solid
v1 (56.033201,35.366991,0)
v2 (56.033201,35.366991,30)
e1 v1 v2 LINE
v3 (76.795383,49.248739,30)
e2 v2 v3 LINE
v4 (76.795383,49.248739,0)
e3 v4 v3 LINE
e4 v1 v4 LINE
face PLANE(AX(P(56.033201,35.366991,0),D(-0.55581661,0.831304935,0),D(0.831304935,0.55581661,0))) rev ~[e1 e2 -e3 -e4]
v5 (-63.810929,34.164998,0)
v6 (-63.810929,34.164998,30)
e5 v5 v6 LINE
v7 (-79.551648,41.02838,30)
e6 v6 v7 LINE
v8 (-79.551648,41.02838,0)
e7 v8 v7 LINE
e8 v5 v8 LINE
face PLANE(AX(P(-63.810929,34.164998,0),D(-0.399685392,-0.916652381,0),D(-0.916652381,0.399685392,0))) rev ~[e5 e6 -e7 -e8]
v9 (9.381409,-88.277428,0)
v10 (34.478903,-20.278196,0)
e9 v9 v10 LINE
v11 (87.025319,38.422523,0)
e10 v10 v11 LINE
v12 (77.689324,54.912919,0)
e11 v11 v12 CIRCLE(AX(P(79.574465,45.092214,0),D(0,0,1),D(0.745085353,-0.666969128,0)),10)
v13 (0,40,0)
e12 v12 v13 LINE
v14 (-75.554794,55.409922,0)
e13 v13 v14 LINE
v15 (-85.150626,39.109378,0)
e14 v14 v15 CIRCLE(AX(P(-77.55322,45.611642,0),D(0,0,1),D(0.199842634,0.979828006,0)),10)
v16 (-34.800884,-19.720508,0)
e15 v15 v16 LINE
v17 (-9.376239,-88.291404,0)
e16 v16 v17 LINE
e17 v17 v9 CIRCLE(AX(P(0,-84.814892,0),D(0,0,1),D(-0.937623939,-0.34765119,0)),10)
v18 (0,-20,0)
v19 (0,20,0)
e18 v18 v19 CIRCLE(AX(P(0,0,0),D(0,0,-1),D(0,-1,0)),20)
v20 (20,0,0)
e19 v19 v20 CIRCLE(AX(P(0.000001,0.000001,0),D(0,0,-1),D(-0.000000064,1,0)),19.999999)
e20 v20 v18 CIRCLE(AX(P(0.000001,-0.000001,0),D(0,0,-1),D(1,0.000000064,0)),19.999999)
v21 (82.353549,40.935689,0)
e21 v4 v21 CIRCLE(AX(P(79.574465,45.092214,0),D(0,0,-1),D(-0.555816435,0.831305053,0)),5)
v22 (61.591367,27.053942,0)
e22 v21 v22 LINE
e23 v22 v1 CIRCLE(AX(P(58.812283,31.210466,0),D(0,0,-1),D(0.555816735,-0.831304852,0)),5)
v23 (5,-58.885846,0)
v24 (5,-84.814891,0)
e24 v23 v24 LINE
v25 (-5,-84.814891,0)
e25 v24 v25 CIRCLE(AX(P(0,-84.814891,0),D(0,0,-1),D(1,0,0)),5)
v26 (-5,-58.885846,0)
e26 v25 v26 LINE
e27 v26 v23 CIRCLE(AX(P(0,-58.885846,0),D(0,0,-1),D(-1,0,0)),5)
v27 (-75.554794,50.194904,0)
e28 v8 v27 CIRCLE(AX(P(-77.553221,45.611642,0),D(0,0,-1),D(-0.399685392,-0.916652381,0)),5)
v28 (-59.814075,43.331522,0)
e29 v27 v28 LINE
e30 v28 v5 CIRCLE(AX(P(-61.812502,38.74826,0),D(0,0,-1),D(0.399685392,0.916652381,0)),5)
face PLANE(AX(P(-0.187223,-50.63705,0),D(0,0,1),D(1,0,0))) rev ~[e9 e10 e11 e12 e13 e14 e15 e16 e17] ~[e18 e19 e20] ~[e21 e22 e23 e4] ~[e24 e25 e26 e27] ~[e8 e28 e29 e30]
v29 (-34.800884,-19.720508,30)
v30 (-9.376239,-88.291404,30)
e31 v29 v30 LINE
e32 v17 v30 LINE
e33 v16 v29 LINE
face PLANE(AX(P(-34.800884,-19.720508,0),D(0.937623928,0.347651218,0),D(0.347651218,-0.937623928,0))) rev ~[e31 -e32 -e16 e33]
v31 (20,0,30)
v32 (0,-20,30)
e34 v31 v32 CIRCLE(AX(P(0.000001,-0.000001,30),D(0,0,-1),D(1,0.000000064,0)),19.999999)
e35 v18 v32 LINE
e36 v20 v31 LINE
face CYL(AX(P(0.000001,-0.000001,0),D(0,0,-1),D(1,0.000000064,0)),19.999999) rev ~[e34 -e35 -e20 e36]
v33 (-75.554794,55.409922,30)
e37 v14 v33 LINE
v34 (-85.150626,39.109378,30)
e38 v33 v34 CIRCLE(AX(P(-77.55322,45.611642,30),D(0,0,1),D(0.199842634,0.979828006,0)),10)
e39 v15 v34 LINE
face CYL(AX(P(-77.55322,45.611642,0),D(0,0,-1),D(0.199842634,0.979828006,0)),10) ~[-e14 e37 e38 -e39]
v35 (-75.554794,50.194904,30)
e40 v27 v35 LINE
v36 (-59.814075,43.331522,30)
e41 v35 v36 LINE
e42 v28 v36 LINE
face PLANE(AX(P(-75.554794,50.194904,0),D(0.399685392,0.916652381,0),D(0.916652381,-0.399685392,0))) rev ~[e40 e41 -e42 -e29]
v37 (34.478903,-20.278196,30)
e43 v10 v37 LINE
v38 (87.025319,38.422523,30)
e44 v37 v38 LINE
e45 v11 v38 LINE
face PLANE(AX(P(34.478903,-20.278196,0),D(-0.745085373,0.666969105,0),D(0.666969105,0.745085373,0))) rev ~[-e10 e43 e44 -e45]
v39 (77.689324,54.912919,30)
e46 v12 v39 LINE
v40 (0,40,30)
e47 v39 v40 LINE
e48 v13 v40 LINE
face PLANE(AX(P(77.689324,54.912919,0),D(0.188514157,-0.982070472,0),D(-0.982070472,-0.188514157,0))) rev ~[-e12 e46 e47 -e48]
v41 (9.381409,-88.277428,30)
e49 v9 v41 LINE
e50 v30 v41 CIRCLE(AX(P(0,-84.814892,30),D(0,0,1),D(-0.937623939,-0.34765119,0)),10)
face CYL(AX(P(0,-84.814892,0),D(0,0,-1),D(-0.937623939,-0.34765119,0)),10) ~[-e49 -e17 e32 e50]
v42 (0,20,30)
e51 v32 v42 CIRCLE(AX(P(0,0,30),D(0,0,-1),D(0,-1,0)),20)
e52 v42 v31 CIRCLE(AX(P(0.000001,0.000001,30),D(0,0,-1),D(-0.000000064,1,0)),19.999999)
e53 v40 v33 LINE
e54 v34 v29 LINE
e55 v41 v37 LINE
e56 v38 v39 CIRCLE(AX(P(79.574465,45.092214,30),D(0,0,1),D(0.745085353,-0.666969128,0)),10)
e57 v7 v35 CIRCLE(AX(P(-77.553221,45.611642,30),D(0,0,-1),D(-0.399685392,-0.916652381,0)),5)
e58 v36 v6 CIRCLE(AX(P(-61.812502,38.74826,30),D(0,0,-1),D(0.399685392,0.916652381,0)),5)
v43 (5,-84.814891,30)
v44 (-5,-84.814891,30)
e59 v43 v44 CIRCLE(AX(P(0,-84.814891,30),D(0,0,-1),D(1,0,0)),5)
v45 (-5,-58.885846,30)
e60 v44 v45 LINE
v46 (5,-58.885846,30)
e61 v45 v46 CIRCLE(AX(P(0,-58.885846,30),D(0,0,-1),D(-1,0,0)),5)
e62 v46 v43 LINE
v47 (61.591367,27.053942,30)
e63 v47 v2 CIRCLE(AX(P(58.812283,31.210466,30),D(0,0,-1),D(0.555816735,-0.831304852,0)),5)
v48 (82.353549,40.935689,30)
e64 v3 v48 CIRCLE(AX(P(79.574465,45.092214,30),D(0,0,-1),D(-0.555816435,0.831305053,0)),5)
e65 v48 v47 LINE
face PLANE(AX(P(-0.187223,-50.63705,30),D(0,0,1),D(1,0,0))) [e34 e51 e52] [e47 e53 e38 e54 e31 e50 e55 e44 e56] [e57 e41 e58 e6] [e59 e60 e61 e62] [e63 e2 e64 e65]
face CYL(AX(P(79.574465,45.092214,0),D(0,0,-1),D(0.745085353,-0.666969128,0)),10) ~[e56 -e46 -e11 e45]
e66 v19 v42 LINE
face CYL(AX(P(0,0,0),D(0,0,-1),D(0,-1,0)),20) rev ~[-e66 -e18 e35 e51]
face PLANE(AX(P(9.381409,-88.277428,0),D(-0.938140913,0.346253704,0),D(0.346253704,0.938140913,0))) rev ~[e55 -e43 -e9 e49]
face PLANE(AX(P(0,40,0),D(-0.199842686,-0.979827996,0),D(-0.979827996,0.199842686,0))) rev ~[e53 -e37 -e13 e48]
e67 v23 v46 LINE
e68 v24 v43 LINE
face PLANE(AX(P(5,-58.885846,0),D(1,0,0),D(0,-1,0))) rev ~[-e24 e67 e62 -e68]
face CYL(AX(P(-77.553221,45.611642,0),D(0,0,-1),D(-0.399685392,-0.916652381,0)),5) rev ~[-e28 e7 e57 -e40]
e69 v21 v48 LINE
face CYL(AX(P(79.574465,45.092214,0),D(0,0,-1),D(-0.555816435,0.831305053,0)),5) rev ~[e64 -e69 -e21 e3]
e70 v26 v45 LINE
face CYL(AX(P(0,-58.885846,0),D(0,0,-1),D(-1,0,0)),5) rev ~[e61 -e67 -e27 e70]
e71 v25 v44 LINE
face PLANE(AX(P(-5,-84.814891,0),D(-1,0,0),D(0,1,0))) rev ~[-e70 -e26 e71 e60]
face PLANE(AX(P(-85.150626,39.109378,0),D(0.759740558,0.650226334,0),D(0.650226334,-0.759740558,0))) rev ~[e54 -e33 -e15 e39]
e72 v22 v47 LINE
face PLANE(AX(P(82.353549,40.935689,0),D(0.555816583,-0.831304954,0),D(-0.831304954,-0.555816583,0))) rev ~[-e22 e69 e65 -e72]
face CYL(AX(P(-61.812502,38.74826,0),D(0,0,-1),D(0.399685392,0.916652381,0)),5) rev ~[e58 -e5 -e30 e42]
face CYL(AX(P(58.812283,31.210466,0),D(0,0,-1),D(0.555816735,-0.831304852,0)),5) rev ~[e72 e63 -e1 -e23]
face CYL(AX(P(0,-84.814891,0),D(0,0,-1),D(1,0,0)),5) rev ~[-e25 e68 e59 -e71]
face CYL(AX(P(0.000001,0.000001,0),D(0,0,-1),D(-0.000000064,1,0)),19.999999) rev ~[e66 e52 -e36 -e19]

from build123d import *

# Parameters (mm, degrees)
F1_DEPTH = 30


with BuildPart() as f1:
    # F0 (on Top) → F1 (new body)
    with BuildSketch(Plane.XY):
        with BuildLine():
            ThreePointArc((34.478903, -20.278196), (19.860415, -34.721231), (0, -40))
            ThreePointArc((0, -40), (-20.139261, -34.56024), (-34.800884, -19.720508))
            Line((-34.800884, -19.720508), (-9.376239, -88.291404))
            ThreePointArc((-9.376239, -88.291404), (0.00745, -94.814889), (9.381409, -88.277428))
            Line((9.381409, -88.277428), (34.478903, -20.278196))
        make_face()
        with BuildLine():
            ThreePointArc((5, -84.814891), (0, -89.814891), (-5, -84.814891))
            Line((-5, -84.814891), (-5, -58.885846))
            ThreePointArc((-5, -58.885846), (0, -53.885846), (5, -58.885846))
            Line((5, -58.885846), (5, -84.814891))
        make_face(mode=Mode.SUBTRACT)
        with BuildLine():
            ThreePointArc((0, 20), (14.142136, 14.142136), (20, 0))
            ThreePointArc((20, 0), (14.142136, -14.142136), (0, -20))
            Line((0, -20), (0, -40))
            ThreePointArc((0, -40), (19.860415, -34.721231), (34.478903, -20.278196))
            ThreePointArc((34.478903, -20.278196), (38.595052, -10.508184), (40, 0))
            ThreePointArc((40, 0), (28.284271, 28.284271), (0, 40))
            Line((0, 40), (0, 20))
        make_face()
        with BuildLine():
            ThreePointArc((0, -20), (-20, 0), (0, 20))
            Line((0, 20), (0, 40))
            ThreePointArc((0, 40), (-34.56024, 20.139261), (-34.800884, -19.720508))
            ThreePointArc((-34.800884, -19.720508), (-20.139261, -34.56024), (0, -40))
            Line((0, -40), (0, -20))
        make_face()
        with BuildLine():
            ThreePointArc((-34.800884, -19.720508), (-34.56024, 20.139261), (0, 40))
            Line((0, 40), (-75.554794, 55.409922))
            ThreePointArc((-75.554794, 55.409922), (-86.170881, 50.684701), (-85.150626, 39.109378))
            Line((-85.150626, 39.109378), (-34.800884, -19.720508))
        make_face()
        with BuildLine():
            ThreePointArc((-79.551648, 41.02838), (-82.136483, 47.610069), (-75.554794, 50.194904))
            Line((-75.554794, 50.194904), (-59.814075, 43.331522))
            ThreePointArc((-59.814075, 43.331522), (-57.22924, 36.749833), (-63.810929, 34.164998))
            Line((-63.810929, 34.164998), (-79.551648, 41.02838))
        make_face(mode=Mode.SUBTRACT)
        with BuildLine():
            Line((77.689324, 54.912919), (0, 40))
            ThreePointArc((0, 40), (28.284271, 28.284271), (40, 0))
            ThreePointArc((40, 0), (38.595052, -10.508184), (34.478903, -20.278196))
            Line((34.478903, -20.278196), (87.025319, 38.422523))
            ThreePointArc((87.025319, 38.422523), (88.276625, 50.018919), (77.689324, 54.912919))
        make_face()
        with BuildLine():
            ThreePointArc((76.795383, 49.248739), (83.73099, 47.871297), (82.353549, 40.935689))
            Line((82.353549, 40.935689), (61.591367, 27.053942))
            ThreePointArc((61.591367, 27.053942), (54.655759, 28.431383), (56.033201, 35.366991))
            Line((56.033201, 35.366991), (76.795383, 49.248739))
        make_face(mode=Mode.SUBTRACT)
    extrude(amount=F1_DEPTH)


solid = f1.part
